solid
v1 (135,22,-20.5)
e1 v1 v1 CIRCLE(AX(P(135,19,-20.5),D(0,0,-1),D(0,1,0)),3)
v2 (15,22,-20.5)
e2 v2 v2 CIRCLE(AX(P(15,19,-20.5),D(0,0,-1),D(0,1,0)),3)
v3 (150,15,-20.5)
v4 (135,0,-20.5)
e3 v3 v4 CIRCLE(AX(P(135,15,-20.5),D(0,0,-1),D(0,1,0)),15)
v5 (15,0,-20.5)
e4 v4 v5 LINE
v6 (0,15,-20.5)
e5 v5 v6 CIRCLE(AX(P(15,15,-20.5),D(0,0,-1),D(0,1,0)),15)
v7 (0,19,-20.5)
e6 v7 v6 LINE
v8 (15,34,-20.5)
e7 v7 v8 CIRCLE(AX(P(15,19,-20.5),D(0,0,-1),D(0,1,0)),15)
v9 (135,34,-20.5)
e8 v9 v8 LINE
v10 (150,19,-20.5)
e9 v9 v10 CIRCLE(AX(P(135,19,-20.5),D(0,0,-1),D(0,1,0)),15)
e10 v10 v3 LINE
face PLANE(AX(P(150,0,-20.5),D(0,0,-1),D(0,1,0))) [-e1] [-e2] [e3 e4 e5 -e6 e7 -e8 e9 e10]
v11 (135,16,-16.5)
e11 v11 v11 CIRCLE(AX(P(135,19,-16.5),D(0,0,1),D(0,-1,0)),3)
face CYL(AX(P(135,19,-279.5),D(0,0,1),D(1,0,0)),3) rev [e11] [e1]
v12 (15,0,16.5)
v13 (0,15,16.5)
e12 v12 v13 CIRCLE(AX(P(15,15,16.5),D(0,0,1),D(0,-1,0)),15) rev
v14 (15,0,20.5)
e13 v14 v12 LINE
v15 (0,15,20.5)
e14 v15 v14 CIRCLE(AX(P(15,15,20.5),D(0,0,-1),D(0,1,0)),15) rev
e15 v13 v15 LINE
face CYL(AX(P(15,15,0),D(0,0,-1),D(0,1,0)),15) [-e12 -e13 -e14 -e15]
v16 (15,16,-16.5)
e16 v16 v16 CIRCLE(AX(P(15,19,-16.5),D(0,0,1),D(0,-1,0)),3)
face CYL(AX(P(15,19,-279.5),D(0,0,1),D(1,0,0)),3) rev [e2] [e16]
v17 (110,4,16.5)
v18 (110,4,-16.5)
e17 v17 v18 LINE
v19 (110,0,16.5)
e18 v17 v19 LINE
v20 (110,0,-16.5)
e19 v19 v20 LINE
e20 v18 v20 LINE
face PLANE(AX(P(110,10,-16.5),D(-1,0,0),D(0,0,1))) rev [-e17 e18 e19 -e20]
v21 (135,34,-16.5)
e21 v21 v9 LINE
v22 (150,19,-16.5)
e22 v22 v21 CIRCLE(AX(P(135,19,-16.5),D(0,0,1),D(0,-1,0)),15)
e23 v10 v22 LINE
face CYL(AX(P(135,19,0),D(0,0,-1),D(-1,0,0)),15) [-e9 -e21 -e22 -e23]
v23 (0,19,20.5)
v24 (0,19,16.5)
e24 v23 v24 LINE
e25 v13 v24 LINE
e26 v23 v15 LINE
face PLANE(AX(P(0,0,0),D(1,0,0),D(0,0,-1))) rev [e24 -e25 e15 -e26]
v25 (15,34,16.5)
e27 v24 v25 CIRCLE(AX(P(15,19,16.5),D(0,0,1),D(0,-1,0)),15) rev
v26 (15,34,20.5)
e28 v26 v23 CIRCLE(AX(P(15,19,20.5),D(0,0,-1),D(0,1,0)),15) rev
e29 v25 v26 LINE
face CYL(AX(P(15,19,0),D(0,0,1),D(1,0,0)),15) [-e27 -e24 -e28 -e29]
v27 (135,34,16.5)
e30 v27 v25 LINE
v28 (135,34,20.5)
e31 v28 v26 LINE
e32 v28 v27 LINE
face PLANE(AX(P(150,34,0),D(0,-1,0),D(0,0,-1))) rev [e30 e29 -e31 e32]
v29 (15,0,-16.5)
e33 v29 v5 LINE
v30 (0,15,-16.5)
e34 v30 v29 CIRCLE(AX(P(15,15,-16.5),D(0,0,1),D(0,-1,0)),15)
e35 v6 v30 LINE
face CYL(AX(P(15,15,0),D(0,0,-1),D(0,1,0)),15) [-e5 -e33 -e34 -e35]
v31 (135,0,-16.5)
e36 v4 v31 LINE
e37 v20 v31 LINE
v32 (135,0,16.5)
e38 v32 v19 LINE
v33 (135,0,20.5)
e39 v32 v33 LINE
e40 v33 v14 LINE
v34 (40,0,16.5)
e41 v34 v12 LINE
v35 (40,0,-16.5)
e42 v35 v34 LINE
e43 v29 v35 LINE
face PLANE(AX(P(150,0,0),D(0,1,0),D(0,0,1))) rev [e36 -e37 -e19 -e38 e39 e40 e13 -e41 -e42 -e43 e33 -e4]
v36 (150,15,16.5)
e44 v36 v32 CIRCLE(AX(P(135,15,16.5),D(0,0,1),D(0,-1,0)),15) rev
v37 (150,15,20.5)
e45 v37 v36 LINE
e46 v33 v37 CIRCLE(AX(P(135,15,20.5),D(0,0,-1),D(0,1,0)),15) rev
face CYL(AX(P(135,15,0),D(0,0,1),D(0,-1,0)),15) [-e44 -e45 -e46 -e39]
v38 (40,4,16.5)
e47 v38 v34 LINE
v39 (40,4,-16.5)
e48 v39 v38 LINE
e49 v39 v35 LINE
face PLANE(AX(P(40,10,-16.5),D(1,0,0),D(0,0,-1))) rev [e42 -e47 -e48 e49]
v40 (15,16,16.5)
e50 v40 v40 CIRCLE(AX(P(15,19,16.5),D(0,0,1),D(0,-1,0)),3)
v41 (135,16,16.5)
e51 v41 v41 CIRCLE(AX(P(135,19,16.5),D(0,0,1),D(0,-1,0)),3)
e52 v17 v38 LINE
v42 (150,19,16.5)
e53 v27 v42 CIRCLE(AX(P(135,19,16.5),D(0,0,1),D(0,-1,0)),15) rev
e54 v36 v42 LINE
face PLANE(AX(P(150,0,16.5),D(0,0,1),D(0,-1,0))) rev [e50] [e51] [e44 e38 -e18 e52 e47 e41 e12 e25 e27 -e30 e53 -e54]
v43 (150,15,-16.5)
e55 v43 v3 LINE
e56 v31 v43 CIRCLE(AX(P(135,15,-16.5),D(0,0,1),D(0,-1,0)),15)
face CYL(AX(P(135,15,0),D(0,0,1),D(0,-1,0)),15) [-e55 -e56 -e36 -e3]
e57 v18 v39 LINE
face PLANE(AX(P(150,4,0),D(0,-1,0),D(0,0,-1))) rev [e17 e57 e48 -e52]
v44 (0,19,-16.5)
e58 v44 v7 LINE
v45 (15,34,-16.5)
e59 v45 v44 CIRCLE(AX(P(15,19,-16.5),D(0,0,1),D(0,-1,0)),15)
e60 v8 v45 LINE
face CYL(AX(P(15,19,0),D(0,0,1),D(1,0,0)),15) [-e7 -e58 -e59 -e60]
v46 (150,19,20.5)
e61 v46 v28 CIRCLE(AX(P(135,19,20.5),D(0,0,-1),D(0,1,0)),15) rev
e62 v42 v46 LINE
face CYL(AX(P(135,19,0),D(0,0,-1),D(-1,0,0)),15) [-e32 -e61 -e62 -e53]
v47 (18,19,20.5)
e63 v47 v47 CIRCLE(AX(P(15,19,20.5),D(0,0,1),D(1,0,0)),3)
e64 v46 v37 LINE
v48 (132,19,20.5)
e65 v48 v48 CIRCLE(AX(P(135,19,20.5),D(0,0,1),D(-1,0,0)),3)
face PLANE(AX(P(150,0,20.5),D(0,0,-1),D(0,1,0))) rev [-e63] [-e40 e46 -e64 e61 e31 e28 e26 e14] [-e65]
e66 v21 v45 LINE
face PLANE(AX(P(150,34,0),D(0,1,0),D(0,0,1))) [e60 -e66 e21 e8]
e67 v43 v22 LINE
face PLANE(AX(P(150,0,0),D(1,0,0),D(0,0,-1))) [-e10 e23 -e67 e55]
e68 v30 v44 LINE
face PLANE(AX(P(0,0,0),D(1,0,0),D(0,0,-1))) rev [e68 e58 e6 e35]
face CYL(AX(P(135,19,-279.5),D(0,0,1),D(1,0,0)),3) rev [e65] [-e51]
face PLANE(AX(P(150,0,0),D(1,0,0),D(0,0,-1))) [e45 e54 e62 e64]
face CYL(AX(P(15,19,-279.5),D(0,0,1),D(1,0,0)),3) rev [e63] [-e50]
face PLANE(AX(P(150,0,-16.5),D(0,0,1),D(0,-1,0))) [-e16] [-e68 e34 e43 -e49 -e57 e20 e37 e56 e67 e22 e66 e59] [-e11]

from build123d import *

# Parameters (mm, degrees)
EXTRUDE_1_DEPTH     = 150
SKETCH_2_R          = 3
CUT_EXTRUDE_1_DEPTH = 300
SKETCH_3_W          = 40
SKETCH_3_H          = 33
CUT_EXTRUDE_2_DEPTH = 10
FILLET_1_R          = 15


with BuildPart() as part:
    # 草图1 → 凸台-拉伸1 (new body)
    with BuildSketch(Plane(origin=(0, 0, 0), x_dir=(0, 0, -1), z_dir=(1, 0, 0))):
        Polygon((-16.5, 4), (-16.5, 34), (-20.5, 34), (-20.5, 0), (0, 0), (0, 4), align=None)
        Polygon((16.5, 4), (0, 4), (0, 0), (20.5, 0), (20.5, 34), (16.5, 34), align=None)
    extrude(amount=EXTRUDE_1_DEPTH)

    # 草图2 → 切除-拉伸1 (cut)
    with BuildSketch(Plane.XY.offset(20.5)):
        with Locations(Location((15, 19, 0), (0, 0, 90))):
            Circle(SKETCH_2_R)
        with Locations(Location((135, 19, 0), (0, 0, 90))):
            Circle(SKETCH_2_R)
    extrude(amount=-CUT_EXTRUDE_1_DEPTH, mode=Mode.SUBTRACT)

    # 草图3 → 切除-拉伸2 (cut)
    with BuildSketch(Plane.XZ):
        with Locations((130, 0)):
            Rectangle(SKETCH_3_W, SKETCH_3_H)
        with Locations((20, 0)):
            Rectangle(SKETCH_3_W, SKETCH_3_H)
    extrude(amount=-CUT_EXTRUDE_2_DEPTH, mode=Mode.SUBTRACT)

    # 圆角1
    fillet_1_edges = [part.edges().sort_by_distance(p)[0] for p in [
        (0, 0, 18.5),
        (0, 34, 18.5),
        (150, 34, 18.5),
        (150, 0, 18.5),
        (150, 34, -18.5),
        (150, 0, -18.5),
        (0, 0, -18.5),
        (0, 34, -18.5),
    ]]
    fillet(fillet_1_edges, radius=FILLET_1_R)


solid = part.part
